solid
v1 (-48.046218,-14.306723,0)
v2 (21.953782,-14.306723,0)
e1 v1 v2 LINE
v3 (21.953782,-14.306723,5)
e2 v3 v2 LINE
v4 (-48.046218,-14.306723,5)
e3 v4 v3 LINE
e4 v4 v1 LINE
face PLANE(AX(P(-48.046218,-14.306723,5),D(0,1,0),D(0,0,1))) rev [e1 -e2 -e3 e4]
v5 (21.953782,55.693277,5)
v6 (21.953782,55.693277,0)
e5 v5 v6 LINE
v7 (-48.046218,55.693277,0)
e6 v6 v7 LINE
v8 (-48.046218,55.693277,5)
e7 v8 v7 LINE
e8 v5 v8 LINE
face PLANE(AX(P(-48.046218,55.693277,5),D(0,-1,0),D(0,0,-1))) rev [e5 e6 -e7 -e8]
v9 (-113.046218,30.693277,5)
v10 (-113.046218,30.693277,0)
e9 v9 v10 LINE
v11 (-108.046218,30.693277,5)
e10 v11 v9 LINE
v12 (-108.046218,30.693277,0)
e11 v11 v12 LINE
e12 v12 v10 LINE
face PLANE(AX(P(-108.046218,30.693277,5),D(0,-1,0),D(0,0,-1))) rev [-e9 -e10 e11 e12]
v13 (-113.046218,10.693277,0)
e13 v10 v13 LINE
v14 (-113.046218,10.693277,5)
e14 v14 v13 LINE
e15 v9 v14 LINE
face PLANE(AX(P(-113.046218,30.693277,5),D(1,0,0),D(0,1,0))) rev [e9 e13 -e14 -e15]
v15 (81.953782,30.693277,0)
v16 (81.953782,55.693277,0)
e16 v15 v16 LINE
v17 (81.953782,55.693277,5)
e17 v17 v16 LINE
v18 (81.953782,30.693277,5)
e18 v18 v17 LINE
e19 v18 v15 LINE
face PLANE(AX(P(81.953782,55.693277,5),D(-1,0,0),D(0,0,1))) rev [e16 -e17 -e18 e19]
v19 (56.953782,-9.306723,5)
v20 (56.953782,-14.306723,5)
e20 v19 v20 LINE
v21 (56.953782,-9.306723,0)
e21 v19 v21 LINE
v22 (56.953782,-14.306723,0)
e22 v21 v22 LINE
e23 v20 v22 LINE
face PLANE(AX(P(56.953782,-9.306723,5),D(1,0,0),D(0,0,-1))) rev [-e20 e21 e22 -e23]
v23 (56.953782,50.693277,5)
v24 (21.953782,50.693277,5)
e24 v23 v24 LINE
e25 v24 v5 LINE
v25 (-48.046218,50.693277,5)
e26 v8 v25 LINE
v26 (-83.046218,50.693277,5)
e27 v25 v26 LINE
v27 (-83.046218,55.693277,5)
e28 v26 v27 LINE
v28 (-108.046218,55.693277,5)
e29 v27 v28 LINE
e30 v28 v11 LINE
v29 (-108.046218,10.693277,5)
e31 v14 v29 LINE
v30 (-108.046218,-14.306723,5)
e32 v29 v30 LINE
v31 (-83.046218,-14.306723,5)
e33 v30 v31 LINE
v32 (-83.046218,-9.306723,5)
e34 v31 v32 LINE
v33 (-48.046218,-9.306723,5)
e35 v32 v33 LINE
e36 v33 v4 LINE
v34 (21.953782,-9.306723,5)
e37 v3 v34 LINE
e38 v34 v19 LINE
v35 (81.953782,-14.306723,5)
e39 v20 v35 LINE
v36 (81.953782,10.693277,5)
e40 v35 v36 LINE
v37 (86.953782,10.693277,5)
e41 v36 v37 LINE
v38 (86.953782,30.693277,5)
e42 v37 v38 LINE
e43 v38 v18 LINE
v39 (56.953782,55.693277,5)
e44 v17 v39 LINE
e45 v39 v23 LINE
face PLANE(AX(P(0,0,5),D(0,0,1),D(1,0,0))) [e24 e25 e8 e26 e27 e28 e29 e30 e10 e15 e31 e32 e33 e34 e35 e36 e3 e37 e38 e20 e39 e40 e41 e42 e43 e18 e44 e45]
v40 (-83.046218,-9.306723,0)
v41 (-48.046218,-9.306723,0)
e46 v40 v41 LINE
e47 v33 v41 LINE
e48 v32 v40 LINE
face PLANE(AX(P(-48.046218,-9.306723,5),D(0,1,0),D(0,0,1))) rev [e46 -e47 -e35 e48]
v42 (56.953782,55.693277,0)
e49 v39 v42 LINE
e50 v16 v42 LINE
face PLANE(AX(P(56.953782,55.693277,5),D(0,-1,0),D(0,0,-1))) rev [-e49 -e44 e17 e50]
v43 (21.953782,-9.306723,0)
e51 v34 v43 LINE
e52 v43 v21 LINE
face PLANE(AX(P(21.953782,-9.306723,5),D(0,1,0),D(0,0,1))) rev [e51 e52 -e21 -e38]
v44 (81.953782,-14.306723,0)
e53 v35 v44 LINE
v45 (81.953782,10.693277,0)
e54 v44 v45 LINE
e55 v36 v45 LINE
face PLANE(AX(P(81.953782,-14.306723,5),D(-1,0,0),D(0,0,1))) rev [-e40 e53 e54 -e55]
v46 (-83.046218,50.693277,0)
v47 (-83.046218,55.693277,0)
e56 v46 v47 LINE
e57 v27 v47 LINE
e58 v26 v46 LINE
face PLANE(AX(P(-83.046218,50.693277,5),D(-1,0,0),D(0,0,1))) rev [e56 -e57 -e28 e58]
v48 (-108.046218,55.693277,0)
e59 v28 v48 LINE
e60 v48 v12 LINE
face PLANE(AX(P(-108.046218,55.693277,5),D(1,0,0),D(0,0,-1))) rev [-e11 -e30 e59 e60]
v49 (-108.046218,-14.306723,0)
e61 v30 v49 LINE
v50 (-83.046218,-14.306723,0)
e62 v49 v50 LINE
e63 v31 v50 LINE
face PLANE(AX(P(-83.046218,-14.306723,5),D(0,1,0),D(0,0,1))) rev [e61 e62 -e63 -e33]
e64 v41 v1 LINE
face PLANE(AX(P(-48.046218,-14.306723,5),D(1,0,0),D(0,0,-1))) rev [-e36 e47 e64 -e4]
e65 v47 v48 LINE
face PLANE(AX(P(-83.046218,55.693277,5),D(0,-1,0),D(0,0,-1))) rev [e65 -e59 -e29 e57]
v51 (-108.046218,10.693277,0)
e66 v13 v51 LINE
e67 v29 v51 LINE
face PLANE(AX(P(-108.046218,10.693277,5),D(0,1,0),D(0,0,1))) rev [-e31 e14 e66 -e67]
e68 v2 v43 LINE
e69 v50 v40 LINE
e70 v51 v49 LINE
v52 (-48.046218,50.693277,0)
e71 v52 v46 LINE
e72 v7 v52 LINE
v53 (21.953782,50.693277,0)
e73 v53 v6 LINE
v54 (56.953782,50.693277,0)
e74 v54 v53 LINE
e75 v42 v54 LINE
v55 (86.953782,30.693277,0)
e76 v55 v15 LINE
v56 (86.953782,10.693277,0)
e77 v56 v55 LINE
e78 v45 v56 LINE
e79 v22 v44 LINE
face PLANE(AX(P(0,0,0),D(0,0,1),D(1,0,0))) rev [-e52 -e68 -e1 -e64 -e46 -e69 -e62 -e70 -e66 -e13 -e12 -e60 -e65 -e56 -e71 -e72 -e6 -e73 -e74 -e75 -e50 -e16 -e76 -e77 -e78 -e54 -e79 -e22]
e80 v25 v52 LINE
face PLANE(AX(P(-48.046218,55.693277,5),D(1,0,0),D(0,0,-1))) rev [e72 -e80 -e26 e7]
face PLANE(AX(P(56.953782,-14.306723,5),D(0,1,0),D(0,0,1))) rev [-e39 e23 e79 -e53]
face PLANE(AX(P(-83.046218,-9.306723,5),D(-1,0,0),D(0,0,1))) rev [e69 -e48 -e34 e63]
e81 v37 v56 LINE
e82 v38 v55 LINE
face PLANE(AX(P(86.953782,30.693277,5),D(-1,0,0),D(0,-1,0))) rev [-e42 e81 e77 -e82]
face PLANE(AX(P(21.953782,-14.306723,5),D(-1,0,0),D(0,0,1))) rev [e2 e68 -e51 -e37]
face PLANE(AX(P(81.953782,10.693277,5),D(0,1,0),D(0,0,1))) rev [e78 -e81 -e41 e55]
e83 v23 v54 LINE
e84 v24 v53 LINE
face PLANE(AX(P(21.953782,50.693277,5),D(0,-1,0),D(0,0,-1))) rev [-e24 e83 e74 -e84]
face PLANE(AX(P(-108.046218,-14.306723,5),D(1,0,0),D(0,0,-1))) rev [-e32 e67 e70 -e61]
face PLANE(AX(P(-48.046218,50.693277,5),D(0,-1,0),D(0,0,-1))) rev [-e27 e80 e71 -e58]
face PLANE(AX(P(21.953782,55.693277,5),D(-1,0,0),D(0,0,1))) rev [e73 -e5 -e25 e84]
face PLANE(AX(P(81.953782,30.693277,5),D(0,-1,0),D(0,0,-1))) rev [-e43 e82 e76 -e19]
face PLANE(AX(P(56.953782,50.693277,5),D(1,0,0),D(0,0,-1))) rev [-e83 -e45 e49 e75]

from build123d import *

# Parameters (mm, degrees)
BOSS_EXTRU_1_DEPTH = 5


with BuildPart() as part:
    # Esquisse1 → Boss.-Extru.1 (new body)
    with BuildSketch(Plane.XY):
        Polygon((-48.046218487, 55.693277311), (21.953781513, 55.693277311), (21.953781513, 50.693277311), (56.953781513, 50.693277311), (56.953781513, 55.693277311), (81.953781513, 55.693277311), (81.953781513, 30.693277311), (86.953781513, 30.693277311), (86.953781513, 10.693277311), (81.953781513, 10.693277311), (81.953781513, -14.306722689), (56.953781513, -14.306722689), (56.953781513, -9.306722689), (21.953781513, -9.306722689), (21.953781513, -14.306722689), (-48.046218487, -14.306722689), (-48.046218487, -9.306722689), (-83.046218487, -9.306722689), (-83.046218487, -14.306722689), (-108.046218487, -14.306722689), (-108.046218487, 10.693277311), (-113.046218487, 10.693277311), (-113.046218487, 30.693277311), (-108.046218487, 30.693277311), (-108.046218487, 55.693277311), (-83.046218487, 55.693277311), (-83.046218487, 50.693277311), (-48.046218487, 50.693277311), align=None)
    extrude(amount=BOSS_EXTRU_1_DEPTH)


solid = part.part
